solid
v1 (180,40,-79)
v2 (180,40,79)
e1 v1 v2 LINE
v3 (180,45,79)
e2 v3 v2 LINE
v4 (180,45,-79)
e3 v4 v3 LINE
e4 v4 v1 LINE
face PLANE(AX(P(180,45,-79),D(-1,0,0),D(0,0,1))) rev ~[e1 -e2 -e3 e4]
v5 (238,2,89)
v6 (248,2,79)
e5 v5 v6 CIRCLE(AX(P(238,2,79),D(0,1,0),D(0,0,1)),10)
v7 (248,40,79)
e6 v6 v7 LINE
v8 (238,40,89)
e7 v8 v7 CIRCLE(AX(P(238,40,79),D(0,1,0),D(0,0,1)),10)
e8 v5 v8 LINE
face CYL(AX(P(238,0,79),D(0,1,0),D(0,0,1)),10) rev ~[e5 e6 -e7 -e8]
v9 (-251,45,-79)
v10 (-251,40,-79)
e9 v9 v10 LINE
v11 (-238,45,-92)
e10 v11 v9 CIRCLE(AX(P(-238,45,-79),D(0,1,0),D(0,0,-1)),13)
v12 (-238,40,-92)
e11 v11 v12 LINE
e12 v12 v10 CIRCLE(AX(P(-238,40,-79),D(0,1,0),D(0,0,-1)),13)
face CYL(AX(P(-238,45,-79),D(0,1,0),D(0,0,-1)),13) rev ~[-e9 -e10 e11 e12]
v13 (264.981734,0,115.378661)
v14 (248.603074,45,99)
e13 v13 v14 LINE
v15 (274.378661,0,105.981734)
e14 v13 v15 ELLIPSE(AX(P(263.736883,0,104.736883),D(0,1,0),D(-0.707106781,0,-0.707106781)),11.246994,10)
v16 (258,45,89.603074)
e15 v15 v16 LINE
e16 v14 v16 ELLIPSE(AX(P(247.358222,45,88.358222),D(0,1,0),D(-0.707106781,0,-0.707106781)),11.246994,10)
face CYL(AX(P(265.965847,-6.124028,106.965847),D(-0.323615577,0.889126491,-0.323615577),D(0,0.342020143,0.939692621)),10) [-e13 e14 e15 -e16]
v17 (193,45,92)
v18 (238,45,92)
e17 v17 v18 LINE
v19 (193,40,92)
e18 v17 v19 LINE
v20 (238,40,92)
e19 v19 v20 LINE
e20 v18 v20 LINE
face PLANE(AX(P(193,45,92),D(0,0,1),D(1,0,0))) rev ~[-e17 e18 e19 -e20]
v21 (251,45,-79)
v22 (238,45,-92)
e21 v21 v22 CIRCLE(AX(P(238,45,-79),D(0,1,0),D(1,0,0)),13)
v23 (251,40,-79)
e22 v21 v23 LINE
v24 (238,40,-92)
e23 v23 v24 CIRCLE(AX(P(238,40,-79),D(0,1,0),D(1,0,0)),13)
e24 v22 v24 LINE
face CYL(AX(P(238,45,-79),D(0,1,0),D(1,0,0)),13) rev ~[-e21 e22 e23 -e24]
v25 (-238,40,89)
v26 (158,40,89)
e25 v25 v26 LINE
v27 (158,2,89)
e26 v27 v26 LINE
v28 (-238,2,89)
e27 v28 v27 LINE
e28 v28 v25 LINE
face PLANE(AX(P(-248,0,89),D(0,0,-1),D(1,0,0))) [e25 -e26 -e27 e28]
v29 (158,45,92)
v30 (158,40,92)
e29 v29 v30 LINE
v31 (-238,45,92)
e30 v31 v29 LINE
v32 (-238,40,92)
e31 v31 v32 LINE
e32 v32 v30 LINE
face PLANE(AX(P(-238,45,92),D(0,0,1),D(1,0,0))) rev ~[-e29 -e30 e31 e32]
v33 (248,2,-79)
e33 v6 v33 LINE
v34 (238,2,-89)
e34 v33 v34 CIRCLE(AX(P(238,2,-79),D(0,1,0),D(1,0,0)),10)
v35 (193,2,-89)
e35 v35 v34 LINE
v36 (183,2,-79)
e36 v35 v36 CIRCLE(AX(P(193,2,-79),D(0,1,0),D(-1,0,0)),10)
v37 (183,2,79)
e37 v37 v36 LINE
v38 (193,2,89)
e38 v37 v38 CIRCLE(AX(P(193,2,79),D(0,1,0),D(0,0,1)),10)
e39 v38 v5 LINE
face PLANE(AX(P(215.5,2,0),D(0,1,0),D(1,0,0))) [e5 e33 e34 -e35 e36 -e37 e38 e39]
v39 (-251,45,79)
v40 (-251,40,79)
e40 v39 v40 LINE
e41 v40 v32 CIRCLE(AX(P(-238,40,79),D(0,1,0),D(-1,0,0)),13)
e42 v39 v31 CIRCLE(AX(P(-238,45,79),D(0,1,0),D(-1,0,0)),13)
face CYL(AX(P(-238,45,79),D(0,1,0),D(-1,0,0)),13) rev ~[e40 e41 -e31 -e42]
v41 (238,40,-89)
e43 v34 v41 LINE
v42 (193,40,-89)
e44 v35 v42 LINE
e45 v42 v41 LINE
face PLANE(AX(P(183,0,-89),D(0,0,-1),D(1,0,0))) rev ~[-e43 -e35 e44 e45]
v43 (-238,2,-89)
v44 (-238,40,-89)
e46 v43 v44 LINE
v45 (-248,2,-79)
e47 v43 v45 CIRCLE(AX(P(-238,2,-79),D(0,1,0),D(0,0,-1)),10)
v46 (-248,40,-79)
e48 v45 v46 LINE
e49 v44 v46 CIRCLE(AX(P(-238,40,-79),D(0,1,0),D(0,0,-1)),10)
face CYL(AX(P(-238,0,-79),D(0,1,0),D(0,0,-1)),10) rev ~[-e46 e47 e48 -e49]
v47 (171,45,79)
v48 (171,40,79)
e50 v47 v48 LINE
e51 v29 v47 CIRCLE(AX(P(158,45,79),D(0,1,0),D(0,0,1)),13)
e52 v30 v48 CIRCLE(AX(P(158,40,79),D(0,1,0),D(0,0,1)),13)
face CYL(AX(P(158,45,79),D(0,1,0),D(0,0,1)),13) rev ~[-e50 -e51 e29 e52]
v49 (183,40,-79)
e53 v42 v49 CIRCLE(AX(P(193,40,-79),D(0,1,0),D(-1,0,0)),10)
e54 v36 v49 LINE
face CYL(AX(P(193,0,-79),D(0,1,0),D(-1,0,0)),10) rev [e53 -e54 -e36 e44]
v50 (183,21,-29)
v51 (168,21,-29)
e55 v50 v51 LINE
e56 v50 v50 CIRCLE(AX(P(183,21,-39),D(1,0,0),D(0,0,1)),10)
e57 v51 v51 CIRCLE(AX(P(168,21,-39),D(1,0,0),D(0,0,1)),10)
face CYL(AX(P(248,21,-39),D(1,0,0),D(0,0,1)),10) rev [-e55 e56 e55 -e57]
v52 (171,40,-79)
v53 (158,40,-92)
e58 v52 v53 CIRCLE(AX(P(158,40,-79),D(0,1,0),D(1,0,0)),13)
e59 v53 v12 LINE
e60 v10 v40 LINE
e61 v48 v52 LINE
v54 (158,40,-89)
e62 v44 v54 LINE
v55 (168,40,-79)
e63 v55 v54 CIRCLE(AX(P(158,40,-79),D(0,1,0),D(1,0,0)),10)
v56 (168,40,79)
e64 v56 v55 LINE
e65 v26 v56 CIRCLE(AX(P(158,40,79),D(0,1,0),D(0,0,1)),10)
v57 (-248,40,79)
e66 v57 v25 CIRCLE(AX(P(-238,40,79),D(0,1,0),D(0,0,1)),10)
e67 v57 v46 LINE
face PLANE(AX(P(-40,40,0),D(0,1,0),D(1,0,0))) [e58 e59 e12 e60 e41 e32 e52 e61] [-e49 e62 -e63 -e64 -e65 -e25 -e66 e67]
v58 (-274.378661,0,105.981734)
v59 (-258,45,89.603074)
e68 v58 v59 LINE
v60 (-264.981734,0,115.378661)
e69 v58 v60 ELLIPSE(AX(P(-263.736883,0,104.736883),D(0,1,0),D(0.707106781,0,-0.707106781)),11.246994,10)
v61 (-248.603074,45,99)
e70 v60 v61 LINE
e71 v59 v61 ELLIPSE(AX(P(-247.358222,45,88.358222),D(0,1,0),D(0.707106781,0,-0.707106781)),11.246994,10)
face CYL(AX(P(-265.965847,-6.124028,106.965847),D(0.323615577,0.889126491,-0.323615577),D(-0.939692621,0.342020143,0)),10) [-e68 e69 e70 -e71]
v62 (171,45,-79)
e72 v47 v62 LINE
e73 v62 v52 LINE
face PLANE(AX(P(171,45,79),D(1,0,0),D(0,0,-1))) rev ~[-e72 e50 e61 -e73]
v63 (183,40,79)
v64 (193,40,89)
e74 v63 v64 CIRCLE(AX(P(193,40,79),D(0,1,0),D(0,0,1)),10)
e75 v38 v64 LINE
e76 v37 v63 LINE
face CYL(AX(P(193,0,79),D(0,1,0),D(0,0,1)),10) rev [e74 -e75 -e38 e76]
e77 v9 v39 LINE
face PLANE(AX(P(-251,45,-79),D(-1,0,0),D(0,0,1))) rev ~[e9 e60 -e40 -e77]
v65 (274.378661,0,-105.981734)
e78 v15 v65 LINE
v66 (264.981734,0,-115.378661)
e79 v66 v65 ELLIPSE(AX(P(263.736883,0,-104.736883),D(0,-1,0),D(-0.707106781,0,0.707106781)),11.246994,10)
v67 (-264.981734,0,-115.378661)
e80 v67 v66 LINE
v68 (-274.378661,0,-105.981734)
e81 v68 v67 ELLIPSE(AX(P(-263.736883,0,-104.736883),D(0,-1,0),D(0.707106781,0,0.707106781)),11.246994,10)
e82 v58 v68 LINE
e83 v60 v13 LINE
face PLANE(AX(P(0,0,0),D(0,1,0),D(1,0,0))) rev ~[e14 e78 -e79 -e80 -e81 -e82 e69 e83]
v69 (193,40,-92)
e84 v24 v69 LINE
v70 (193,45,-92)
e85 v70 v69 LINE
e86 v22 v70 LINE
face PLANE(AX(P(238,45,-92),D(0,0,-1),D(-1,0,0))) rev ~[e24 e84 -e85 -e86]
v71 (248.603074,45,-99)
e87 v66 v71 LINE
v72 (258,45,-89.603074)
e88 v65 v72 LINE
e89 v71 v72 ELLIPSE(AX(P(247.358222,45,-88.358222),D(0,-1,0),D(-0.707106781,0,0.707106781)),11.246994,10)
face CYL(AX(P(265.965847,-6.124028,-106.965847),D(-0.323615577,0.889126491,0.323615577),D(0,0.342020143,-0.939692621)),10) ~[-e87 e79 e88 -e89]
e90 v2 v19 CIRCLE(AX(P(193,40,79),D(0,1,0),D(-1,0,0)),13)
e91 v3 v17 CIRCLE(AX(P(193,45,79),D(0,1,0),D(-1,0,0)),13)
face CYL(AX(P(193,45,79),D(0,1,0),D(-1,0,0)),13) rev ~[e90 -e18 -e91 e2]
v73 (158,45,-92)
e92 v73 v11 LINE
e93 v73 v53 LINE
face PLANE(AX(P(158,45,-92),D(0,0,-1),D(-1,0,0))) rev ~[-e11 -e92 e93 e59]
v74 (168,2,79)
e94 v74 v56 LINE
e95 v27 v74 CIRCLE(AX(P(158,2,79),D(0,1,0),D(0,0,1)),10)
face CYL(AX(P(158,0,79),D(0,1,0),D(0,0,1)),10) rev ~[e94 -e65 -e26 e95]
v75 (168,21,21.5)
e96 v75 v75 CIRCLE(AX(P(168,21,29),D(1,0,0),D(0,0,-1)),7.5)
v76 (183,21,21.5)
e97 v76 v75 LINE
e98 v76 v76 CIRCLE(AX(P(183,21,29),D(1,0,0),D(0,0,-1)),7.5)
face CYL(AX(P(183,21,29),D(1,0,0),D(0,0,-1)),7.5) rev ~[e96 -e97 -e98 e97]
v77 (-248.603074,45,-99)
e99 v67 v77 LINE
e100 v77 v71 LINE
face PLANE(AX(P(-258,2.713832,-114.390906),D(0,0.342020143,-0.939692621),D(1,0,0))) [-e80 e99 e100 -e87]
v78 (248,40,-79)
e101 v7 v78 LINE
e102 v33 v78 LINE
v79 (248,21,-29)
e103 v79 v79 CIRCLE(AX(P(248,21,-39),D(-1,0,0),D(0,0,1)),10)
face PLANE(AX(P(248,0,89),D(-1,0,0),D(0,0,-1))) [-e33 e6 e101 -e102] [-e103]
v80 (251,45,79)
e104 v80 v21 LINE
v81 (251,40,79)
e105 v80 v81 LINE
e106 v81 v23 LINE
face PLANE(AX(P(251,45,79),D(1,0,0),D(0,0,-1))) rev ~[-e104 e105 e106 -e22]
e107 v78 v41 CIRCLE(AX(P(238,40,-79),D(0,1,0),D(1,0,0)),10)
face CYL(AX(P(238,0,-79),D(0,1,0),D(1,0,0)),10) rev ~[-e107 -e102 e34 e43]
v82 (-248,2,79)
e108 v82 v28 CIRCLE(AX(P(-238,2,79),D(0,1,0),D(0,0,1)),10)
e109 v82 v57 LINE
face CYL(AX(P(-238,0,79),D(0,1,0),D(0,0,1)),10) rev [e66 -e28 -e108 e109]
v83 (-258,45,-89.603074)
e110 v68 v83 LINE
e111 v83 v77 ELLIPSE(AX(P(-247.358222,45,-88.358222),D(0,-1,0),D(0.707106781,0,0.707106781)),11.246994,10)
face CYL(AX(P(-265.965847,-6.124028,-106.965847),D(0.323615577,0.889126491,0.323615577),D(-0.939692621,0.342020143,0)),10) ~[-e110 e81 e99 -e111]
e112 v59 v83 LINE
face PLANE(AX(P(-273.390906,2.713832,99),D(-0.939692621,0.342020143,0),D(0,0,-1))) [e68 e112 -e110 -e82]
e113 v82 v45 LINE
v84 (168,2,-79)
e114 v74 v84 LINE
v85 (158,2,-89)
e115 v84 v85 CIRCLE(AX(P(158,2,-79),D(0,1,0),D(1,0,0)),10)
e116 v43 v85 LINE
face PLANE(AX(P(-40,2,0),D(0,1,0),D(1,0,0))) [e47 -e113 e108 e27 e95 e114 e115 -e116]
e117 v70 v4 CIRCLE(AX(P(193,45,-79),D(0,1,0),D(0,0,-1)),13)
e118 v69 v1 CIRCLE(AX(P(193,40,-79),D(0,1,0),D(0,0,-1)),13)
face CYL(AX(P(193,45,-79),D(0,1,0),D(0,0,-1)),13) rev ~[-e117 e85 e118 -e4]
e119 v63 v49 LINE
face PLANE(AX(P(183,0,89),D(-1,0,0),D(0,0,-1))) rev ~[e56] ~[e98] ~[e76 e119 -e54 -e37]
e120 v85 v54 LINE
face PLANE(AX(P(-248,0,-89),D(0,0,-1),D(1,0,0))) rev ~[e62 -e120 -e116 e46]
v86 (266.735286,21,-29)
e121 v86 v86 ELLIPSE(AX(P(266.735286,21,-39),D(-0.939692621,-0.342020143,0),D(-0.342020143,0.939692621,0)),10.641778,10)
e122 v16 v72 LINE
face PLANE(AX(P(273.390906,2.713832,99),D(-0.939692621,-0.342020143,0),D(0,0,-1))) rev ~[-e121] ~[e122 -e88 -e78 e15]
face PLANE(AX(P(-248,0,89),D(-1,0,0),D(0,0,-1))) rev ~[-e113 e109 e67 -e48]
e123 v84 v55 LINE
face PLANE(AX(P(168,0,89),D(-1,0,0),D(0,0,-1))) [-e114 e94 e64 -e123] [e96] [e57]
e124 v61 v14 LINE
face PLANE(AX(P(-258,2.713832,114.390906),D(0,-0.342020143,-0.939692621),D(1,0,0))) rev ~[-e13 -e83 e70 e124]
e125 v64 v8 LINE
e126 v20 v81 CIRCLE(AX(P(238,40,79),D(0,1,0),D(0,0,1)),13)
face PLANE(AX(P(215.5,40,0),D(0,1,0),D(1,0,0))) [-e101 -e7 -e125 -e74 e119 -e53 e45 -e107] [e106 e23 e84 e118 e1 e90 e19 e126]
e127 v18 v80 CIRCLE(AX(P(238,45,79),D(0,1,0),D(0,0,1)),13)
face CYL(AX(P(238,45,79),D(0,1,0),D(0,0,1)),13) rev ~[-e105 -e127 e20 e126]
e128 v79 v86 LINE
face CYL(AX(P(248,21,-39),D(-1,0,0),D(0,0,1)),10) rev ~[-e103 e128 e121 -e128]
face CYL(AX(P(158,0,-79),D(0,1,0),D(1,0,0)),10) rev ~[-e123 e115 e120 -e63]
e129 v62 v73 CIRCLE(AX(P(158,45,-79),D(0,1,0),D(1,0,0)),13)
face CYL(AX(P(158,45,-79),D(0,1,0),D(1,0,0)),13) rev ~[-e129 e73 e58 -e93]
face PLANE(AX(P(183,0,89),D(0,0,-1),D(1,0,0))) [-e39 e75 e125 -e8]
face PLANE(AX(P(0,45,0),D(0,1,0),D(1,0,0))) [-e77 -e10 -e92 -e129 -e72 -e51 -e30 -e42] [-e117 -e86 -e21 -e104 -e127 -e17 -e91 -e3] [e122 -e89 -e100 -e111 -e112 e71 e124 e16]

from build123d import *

# Parameters (mm, degrees)
SKETCH2_W                      = 516
SKETCH2_H                      = 198
SKETCH2_W_2                    = 65
SKETCH2_H_2                    = 178
SKETCH2_W_3                    = 416
BOSS_EXTRUDE2_DEPTH            = 45
DRAFT3_ANGLE                   = 20
FILLET1_R                      = 10
SKETCH2_3_W                    = 416
SKETCH2_3_H                    = 178
SKETCH2_3_W_2                  = 350
SKETCH2_3_H_2                  = 80
SKETCH2_3_W_3                  = 376
SKETCH2_3_H_3                  = 68
SKETCH2_3_W_4                  = 65
BOSS_EXTRUDE3_DEPTH            = 2
CUT_EXTRUDE1_DEPTH             = 5
CUT_EXTRUDE2_REACH             = 538.858
SKETCH4_R                      = 10
CUT_EXTRUDE2_DIRECTION_2_DEPTH = 54
SKETCH5_R                      = 7.5
CUT_EXTRUDE3_DEPTH             = 15


with BuildPart() as part:
    # Sketch2 → Boss-Extrude2 (new body)
    with BuildSketch(Plane(origin=(0, 0, 0), x_dir=(1, 0, 0), z_dir=(0, 1, 0))):
        Rectangle(SKETCH2_W, SKETCH2_H)
        with Locations((215.5, 0)):
            Rectangle(SKETCH2_W_2, SKETCH2_H_2, mode=Mode.SUBTRACT)
        with Locations((-40, 0)):
            Rectangle(SKETCH2_W_3, SKETCH2_H_2, mode=Mode.SUBTRACT)
    extrude(amount=BOSS_EXTRUDE2_DEPTH)

    # Draft3
    draft3_faces = [part.faces().sort_by_distance(p)[0] for p in [
        (0, 22.5, -99),
        (258, 22.5, 0),
        (0, 22.5, 99),
        (-258, 22.5, 0),
    ]]
    draft(draft3_faces, Plane.ZX.offset(45), DRAFT3_ANGLE)

    # Fillet1
    fillet1_edges = [part.edges().sort_by_distance(p)[0] for p in [
        (-248, 22.5, 89),
        (168, 22.5, 89),
        (168, 22.5, -89),
        (-248, 22.5, -89),
        (-266.189330271, 22.5, -107.189330271),
        (266.189330271, 22.5, -107.189330271),
        (266.189330271, 22.5, 107.189330271),
        (-266.189330271, 22.5, 107.189330271),
        (248, 22.5, 89),
        (248, 22.5, -89),
        (183, 22.5, -89),
        (183, 22.5, 89),
    ]]
    fillet(fillet1_edges, radius=FILLET1_R)

    # Sketch2<3> → Boss-Extrude3 (add)
    # profile 1 of 4: a face of its own
    with BuildSketch(Plane(origin=(0, 0, 0), x_dir=(1, 0, 0), z_dir=(0, 1, 0))):
        with Locations((-40, 0)):
            Rectangle(SKETCH2_3_W, SKETCH2_3_H)
        with Locations((-63, 44)):
            Rectangle(SKETCH2_3_W_2, SKETCH2_3_H_2, mode=Mode.SUBTRACT)
        with Locations((-50, -45)):
            Rectangle(SKETCH2_3_W_3, SKETCH2_3_H_3, mode=Mode.SUBTRACT)
    # profile 2 of 4: a face of its own
    with BuildSketch(Plane(origin=(0, 0, 0), x_dir=(1, 0, 0), z_dir=(0, 1, 0))):
        with Locations((-50, -45)):
            Rectangle(SKETCH2_3_W_3, SKETCH2_3_H_3)
    # profile 3 of 4: a face of its own
    with BuildSketch(Plane(origin=(0, 0, 0), x_dir=(1, 0, 0), z_dir=(0, 1, 0))):
        with Locations((-63, 44)):
            Rectangle(SKETCH2_3_W_2, SKETCH2_3_H_2)
    # profile 4 of 4: a face of its own
    with BuildSketch(Plane(origin=(0, 0, 0), x_dir=(1, 0, 0), z_dir=(0, 1, 0))):
        with Locations((215.5, 0)):
            Rectangle(SKETCH2_3_W_4, SKETCH2_3_H)
    extrude(amount=BOSS_EXTRUDE3_DEPTH)

    # Sketch3 → Cut-Extrude1 (cut)
    with BuildSketch(Plane(origin=(0, 45, 0), x_dir=(1, 0, 0), z_dir=(0, 1, 0))):
        with BuildLine():
            Line((171, -79), (171, 79))
            ThreePointArc((171, 79), (167.192388155, 88.192388155), (158, 92))
            Line((158, 92), (-238, 92))
            ThreePointArc((-238, 92), (-247.192388155, 88.192388155), (-251, 79))
            Line((-251, 79), (-251, -79))
            ThreePointArc((-251, -79), (-247.192388155, -88.192388155), (-238, -92))
            Line((-238, -92), (158, -92))
            ThreePointArc((158, -92), (167.192388155, -88.192388155), (171, -79))
        make_face()
        with BuildLine():
            Line((193, -92), (238, -92))
            ThreePointArc((238, -92), (247.192388155, -88.192388155), (251, -79))
            Line((251, -79), (251, 79))
            ThreePointArc((251, 79), (247.192388155, 88.192388155), (238, 92))
            Line((238, 92), (193, 92))
            ThreePointArc((193, 92), (183.807611845, 88.192388155), (180, 79))
            Line((180, 79), (180, -79))
            ThreePointArc((180, -79), (183.807611845, -88.192388155), (193, -92))
        make_face()
    extrude(amount=-CUT_EXTRUDE1_DEPTH, mode=Mode.SUBTRACT)

    # Cut-Extrude2: up to this face of the body (flat: up to its plane)
    cut_extrude2_end = Plane(part.part.faces().sort_by_distance((168, 21, 0))[0])
    # Sketch4 → Cut-Extrude2 (cut, up to the picked face)
    with BuildSketch(Plane.ZY.offset(-248), mode=Mode.PRIVATE) as cut_extrude2_sk1:
        with Locations((-39, 21)):
            Circle(SKETCH4_R)
    cut_extrude2_tool1 = split(extrude(cut_extrude2_sk1.sketch, amount=CUT_EXTRUDE2_REACH, mode=Mode.PRIVATE), bisect_by=cut_extrude2_end, keep=Keep.BOTH, mode=Mode.PRIVATE)
    add(cut_extrude2_tool1.solids().sort_by(Axis((248, 21, -39), (-1, 0, 0)))[0], mode=Mode.SUBTRACT)

    # Sketch4 → Cut-Extrude2 direction 2 (cut)
    with BuildSketch(Plane.ZY.offset(-248)):
        with Locations((-39, 21)):
            Circle(SKETCH4_R)
    extrude(amount=-CUT_EXTRUDE2_DIRECTION_2_DEPTH, mode=Mode.SUBTRACT)

    # Sketch5 → Cut-Extrude3 (cut)
    with BuildSketch(Plane(origin=(183, 0, 0), x_dir=(0, 0, -1), z_dir=(1, 0, 0))):
        with Locations((-29, 21)):
            Circle(SKETCH5_R)
    extrude(amount=-CUT_EXTRUDE3_DEPTH, mode=Mode.SUBTRACT)


solid = part.part
